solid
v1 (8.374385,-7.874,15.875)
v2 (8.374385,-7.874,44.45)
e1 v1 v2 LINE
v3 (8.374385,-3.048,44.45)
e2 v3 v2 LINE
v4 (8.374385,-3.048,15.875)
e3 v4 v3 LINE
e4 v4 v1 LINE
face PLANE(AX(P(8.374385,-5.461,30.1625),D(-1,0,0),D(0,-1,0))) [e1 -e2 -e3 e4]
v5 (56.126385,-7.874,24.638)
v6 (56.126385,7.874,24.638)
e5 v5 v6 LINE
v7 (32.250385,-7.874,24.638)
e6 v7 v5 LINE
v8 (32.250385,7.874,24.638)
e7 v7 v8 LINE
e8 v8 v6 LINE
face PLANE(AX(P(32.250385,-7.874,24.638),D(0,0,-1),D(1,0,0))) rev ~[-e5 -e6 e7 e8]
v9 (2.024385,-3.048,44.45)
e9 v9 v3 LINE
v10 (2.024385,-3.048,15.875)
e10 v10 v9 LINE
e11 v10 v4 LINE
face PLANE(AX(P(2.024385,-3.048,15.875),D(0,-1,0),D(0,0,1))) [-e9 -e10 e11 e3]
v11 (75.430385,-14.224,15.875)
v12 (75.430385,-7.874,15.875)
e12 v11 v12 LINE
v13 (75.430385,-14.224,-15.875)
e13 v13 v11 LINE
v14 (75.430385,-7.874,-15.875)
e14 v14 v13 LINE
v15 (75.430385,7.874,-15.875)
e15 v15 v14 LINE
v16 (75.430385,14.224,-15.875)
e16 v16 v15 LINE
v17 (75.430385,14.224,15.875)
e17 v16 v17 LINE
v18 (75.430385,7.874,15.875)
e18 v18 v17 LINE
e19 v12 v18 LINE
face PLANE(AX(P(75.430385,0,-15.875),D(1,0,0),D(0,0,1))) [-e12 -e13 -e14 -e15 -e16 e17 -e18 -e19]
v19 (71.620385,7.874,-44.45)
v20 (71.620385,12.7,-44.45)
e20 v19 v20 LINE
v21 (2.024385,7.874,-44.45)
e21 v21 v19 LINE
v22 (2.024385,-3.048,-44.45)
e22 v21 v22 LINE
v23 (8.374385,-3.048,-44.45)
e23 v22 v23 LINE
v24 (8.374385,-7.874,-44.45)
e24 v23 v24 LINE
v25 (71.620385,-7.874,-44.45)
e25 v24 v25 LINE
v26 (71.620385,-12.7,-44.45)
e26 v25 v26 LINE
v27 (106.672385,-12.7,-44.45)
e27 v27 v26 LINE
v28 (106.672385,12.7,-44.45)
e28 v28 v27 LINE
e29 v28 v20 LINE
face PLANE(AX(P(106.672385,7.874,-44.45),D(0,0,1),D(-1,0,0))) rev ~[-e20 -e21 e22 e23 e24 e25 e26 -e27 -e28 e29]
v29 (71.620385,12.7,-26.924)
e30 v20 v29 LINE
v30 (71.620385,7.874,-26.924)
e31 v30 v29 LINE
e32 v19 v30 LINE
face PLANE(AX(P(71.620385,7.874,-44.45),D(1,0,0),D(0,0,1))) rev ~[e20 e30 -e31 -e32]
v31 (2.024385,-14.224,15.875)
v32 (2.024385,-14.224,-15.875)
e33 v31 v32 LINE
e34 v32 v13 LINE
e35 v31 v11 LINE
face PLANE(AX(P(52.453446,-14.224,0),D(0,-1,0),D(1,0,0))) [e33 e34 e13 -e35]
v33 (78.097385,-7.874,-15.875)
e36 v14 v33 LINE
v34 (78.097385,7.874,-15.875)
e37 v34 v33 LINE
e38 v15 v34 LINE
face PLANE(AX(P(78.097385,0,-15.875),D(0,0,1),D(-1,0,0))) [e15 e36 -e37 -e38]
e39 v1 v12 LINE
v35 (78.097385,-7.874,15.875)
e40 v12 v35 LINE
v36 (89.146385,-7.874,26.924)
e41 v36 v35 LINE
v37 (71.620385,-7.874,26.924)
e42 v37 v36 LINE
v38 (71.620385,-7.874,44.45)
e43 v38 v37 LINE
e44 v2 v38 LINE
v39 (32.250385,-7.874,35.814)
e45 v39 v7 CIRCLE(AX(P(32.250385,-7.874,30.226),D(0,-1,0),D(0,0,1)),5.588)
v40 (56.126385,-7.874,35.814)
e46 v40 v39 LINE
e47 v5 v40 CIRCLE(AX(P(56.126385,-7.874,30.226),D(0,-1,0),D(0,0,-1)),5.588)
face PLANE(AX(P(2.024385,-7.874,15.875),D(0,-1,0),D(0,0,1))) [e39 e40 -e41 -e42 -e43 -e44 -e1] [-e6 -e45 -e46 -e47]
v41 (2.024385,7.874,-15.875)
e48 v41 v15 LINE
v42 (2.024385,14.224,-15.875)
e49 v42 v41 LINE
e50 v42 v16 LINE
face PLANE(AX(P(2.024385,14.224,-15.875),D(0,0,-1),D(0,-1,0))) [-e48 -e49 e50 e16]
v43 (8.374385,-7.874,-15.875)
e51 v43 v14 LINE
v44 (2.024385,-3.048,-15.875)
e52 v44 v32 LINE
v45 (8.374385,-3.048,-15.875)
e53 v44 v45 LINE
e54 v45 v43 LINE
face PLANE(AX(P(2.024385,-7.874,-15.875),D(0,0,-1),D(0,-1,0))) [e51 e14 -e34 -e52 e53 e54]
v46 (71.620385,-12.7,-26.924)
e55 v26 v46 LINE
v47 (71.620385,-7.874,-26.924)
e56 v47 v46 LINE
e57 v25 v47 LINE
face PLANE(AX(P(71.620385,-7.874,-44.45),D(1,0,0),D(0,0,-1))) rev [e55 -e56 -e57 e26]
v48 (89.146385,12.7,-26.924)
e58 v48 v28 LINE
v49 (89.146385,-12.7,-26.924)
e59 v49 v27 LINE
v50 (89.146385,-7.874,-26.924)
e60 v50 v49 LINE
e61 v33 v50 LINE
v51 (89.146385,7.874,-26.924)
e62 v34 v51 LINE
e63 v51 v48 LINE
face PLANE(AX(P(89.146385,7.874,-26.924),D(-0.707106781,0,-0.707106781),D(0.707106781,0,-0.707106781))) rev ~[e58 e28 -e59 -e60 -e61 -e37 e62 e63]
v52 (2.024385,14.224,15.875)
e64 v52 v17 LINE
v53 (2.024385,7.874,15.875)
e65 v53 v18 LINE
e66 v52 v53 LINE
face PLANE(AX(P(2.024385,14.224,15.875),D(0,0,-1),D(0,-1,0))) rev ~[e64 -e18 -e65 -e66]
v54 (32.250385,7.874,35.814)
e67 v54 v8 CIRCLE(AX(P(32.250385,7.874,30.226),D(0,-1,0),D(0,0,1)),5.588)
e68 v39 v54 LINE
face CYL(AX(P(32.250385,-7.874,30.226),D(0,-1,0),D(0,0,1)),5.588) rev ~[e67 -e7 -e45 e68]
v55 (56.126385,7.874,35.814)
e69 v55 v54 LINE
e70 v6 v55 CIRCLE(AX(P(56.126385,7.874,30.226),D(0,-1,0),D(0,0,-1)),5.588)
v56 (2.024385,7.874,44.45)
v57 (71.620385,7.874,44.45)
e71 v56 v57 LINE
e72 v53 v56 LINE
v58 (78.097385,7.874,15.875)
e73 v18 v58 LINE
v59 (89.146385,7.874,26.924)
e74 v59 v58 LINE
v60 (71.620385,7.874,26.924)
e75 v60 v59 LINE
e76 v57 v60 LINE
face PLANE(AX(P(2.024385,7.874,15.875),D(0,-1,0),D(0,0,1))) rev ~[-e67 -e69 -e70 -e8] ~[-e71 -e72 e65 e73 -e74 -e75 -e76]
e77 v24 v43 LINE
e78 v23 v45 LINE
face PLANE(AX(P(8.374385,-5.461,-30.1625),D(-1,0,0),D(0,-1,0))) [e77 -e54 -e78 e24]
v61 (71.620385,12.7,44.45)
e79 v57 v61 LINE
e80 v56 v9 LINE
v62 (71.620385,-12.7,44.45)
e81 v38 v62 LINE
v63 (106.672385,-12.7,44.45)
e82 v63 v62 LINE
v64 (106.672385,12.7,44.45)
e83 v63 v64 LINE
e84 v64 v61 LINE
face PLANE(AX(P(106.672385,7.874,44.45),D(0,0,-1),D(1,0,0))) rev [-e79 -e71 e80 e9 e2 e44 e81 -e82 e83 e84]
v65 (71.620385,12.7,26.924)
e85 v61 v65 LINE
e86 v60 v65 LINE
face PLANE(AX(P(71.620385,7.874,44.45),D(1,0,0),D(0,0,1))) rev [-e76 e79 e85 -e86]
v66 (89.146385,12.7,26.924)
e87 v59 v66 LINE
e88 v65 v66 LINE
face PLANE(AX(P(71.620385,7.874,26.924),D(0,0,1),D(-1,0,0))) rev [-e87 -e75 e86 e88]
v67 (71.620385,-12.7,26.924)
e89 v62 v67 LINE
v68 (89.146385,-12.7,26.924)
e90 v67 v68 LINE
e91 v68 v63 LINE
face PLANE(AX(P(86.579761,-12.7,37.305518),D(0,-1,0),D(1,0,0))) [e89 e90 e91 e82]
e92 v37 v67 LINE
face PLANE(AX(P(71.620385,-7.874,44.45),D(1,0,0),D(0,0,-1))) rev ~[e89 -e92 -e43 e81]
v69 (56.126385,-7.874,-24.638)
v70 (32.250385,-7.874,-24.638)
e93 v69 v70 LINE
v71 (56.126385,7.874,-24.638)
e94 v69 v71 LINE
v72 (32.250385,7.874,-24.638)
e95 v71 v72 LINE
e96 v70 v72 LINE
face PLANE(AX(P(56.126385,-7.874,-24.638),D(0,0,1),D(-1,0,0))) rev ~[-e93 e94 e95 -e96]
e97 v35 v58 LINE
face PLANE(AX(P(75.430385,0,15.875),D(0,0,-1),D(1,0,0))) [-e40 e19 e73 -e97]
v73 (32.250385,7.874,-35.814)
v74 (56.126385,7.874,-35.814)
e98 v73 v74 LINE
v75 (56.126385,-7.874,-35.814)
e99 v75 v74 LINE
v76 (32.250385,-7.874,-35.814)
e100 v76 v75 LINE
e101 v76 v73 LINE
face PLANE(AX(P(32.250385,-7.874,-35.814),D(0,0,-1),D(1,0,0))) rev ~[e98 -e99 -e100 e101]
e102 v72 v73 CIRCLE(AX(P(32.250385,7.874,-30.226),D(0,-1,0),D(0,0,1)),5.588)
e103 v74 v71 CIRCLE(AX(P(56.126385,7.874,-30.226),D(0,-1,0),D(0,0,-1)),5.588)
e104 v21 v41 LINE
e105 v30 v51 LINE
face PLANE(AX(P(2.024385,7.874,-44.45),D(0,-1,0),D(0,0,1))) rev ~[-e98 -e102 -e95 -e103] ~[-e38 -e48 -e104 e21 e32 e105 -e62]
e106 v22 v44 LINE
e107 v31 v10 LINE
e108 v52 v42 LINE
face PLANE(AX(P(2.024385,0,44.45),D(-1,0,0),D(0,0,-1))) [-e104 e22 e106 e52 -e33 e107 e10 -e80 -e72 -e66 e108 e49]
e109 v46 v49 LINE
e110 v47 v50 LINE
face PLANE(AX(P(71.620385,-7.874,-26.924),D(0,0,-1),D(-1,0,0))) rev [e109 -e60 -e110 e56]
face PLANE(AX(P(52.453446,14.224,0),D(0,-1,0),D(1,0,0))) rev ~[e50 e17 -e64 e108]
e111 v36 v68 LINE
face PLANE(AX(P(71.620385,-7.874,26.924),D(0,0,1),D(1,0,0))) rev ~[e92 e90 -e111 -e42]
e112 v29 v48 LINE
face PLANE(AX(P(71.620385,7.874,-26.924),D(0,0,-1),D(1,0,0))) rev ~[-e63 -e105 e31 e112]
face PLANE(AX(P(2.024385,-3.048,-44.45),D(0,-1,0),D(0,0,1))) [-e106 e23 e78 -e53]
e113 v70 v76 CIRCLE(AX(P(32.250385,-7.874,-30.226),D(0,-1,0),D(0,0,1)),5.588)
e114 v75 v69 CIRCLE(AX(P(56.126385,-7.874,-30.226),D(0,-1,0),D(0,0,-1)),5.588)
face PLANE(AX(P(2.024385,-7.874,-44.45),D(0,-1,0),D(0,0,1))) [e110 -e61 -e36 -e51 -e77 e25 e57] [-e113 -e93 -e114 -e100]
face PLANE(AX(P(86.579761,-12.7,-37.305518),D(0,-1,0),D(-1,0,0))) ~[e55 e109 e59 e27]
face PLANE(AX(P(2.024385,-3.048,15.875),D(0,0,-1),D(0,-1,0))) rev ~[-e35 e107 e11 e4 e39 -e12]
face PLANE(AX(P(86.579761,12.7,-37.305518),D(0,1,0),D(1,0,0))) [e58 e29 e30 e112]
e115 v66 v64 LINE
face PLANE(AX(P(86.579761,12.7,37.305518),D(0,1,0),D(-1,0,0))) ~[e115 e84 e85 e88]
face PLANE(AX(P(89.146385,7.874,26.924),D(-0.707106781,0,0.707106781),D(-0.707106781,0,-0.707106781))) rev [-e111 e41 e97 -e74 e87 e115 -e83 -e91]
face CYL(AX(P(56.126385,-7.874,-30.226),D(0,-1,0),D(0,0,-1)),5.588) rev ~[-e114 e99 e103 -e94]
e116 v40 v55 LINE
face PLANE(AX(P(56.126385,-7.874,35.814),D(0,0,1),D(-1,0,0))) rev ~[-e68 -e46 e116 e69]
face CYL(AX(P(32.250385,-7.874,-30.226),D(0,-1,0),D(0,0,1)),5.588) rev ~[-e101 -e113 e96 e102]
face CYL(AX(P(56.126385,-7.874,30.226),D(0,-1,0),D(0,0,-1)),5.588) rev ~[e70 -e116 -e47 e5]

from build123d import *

# Parameters (mm, degrees)
F1_DEPTH  = 14.224
F2_W      = 6.35
F2_H      = 28.575
F3_DEPTH  = 104.649
F5_DEPTH  = 4.826
F8_W      = 4.826
F8_H      = 28.575
F9_DEPTH  = 6.35
F11_DEPTH = 22.099


with BuildPart() as f1:
    # F0 (on Front) → F1 (new body, symmetric)
    with BuildSketch(Plane.XZ):
        Polygon((106.6723847623, 44.45), (2.0243847623, 44.45), (2.0243847623, -44.45), (106.6723847623, -44.45), (78.0973847623, -15.875), (75.4303847623, -15.875), (75.4303847623, 15.875), (78.0973847623, 15.875), align=None)
    extrude(amount=F1_DEPTH, both=True)

    # F2 (on face) → F3 (cut, through all)
    with BuildSketch(Plane(origin=(2.0243847623, 0, 0), x_dir=(0, -1, 0), z_dir=(-1, 0, 0))):
        with Locations((-11.049, 30.1625)):
            Rectangle(F2_W, F2_H)
        with Locations((11.049, 30.1625)):
            Rectangle(F2_W, F2_H)
        with Locations((-11.049, -30.1625)):
            Rectangle(F2_W, F2_H)
        with Locations((11.049, -30.1625)):
            Rectangle(F2_W, F2_H)
    extrude(amount=-F3_DEPTH, mode=Mode.SUBTRACT)

    # F4 (on face) → F5 (join)
    with BuildSketch(Plane.XZ.offset(7.874)):
        Polygon((106.6723847623, 44.45), (71.6203847623, 44.45), (71.6203847623, 26.924), (89.1463847623, 26.924), align=None)
    extrude(amount=F5_DEPTH)

    # F6: F1 across plane


with BuildPart() as f1_1:
    add(f1.part)
    add(f1.part.mirror(Plane.XZ))

    # F7: F1 across plane


with BuildPart() as f1_2:
    add(f1_1.part)
    add(f1_1.part.mirror(Plane.XY))

    # F8 (on face) → F9 (cut)
    with BuildSketch(Plane(origin=(2.0243847623, 0, 0), x_dir=(0, -1, 0), z_dir=(-1, 0, 0))):
        with Locations((5.461, 30.1625)):
            Rectangle(F8_W, F8_H)
        with Locations((5.461, -30.1625)):
            Rectangle(F8_W, F8_H)
    extrude(amount=-F9_DEPTH, mode=Mode.SUBTRACT)

    # F10 (on face) → F11 (cut, through all)
    with BuildSketch(Plane.XZ.offset(7.874)):
        with BuildLine():
            Line((56.1263847623, -24.638), (32.2503847623, -24.638))
            ThreePointArc((32.2503847623, -24.638), (26.6623847623, -30.226), (32.2503847623, -35.814))
            Line((32.2503847623, -35.814), (56.1263847623, -35.814))
            ThreePointArc((56.1263847623, -35.814), (61.7143847623, -30.226), (56.1263847623, -24.638))
        make_face()
        with BuildLine():
            ThreePointArc((32.2503847623, 35.814), (26.6623847623, 30.226), (32.2503847623, 24.638))
            Line((32.2503847623, 24.638), (56.1263847623, 24.638))
            ThreePointArc((56.1263847623, 24.638), (61.7143847623, 30.226), (56.1263847623, 35.814))
            Line((56.1263847623, 35.814), (32.2503847623, 35.814))
        make_face()
    extrude(amount=-F11_DEPTH, mode=Mode.SUBTRACT)


solid = f1_2.part
